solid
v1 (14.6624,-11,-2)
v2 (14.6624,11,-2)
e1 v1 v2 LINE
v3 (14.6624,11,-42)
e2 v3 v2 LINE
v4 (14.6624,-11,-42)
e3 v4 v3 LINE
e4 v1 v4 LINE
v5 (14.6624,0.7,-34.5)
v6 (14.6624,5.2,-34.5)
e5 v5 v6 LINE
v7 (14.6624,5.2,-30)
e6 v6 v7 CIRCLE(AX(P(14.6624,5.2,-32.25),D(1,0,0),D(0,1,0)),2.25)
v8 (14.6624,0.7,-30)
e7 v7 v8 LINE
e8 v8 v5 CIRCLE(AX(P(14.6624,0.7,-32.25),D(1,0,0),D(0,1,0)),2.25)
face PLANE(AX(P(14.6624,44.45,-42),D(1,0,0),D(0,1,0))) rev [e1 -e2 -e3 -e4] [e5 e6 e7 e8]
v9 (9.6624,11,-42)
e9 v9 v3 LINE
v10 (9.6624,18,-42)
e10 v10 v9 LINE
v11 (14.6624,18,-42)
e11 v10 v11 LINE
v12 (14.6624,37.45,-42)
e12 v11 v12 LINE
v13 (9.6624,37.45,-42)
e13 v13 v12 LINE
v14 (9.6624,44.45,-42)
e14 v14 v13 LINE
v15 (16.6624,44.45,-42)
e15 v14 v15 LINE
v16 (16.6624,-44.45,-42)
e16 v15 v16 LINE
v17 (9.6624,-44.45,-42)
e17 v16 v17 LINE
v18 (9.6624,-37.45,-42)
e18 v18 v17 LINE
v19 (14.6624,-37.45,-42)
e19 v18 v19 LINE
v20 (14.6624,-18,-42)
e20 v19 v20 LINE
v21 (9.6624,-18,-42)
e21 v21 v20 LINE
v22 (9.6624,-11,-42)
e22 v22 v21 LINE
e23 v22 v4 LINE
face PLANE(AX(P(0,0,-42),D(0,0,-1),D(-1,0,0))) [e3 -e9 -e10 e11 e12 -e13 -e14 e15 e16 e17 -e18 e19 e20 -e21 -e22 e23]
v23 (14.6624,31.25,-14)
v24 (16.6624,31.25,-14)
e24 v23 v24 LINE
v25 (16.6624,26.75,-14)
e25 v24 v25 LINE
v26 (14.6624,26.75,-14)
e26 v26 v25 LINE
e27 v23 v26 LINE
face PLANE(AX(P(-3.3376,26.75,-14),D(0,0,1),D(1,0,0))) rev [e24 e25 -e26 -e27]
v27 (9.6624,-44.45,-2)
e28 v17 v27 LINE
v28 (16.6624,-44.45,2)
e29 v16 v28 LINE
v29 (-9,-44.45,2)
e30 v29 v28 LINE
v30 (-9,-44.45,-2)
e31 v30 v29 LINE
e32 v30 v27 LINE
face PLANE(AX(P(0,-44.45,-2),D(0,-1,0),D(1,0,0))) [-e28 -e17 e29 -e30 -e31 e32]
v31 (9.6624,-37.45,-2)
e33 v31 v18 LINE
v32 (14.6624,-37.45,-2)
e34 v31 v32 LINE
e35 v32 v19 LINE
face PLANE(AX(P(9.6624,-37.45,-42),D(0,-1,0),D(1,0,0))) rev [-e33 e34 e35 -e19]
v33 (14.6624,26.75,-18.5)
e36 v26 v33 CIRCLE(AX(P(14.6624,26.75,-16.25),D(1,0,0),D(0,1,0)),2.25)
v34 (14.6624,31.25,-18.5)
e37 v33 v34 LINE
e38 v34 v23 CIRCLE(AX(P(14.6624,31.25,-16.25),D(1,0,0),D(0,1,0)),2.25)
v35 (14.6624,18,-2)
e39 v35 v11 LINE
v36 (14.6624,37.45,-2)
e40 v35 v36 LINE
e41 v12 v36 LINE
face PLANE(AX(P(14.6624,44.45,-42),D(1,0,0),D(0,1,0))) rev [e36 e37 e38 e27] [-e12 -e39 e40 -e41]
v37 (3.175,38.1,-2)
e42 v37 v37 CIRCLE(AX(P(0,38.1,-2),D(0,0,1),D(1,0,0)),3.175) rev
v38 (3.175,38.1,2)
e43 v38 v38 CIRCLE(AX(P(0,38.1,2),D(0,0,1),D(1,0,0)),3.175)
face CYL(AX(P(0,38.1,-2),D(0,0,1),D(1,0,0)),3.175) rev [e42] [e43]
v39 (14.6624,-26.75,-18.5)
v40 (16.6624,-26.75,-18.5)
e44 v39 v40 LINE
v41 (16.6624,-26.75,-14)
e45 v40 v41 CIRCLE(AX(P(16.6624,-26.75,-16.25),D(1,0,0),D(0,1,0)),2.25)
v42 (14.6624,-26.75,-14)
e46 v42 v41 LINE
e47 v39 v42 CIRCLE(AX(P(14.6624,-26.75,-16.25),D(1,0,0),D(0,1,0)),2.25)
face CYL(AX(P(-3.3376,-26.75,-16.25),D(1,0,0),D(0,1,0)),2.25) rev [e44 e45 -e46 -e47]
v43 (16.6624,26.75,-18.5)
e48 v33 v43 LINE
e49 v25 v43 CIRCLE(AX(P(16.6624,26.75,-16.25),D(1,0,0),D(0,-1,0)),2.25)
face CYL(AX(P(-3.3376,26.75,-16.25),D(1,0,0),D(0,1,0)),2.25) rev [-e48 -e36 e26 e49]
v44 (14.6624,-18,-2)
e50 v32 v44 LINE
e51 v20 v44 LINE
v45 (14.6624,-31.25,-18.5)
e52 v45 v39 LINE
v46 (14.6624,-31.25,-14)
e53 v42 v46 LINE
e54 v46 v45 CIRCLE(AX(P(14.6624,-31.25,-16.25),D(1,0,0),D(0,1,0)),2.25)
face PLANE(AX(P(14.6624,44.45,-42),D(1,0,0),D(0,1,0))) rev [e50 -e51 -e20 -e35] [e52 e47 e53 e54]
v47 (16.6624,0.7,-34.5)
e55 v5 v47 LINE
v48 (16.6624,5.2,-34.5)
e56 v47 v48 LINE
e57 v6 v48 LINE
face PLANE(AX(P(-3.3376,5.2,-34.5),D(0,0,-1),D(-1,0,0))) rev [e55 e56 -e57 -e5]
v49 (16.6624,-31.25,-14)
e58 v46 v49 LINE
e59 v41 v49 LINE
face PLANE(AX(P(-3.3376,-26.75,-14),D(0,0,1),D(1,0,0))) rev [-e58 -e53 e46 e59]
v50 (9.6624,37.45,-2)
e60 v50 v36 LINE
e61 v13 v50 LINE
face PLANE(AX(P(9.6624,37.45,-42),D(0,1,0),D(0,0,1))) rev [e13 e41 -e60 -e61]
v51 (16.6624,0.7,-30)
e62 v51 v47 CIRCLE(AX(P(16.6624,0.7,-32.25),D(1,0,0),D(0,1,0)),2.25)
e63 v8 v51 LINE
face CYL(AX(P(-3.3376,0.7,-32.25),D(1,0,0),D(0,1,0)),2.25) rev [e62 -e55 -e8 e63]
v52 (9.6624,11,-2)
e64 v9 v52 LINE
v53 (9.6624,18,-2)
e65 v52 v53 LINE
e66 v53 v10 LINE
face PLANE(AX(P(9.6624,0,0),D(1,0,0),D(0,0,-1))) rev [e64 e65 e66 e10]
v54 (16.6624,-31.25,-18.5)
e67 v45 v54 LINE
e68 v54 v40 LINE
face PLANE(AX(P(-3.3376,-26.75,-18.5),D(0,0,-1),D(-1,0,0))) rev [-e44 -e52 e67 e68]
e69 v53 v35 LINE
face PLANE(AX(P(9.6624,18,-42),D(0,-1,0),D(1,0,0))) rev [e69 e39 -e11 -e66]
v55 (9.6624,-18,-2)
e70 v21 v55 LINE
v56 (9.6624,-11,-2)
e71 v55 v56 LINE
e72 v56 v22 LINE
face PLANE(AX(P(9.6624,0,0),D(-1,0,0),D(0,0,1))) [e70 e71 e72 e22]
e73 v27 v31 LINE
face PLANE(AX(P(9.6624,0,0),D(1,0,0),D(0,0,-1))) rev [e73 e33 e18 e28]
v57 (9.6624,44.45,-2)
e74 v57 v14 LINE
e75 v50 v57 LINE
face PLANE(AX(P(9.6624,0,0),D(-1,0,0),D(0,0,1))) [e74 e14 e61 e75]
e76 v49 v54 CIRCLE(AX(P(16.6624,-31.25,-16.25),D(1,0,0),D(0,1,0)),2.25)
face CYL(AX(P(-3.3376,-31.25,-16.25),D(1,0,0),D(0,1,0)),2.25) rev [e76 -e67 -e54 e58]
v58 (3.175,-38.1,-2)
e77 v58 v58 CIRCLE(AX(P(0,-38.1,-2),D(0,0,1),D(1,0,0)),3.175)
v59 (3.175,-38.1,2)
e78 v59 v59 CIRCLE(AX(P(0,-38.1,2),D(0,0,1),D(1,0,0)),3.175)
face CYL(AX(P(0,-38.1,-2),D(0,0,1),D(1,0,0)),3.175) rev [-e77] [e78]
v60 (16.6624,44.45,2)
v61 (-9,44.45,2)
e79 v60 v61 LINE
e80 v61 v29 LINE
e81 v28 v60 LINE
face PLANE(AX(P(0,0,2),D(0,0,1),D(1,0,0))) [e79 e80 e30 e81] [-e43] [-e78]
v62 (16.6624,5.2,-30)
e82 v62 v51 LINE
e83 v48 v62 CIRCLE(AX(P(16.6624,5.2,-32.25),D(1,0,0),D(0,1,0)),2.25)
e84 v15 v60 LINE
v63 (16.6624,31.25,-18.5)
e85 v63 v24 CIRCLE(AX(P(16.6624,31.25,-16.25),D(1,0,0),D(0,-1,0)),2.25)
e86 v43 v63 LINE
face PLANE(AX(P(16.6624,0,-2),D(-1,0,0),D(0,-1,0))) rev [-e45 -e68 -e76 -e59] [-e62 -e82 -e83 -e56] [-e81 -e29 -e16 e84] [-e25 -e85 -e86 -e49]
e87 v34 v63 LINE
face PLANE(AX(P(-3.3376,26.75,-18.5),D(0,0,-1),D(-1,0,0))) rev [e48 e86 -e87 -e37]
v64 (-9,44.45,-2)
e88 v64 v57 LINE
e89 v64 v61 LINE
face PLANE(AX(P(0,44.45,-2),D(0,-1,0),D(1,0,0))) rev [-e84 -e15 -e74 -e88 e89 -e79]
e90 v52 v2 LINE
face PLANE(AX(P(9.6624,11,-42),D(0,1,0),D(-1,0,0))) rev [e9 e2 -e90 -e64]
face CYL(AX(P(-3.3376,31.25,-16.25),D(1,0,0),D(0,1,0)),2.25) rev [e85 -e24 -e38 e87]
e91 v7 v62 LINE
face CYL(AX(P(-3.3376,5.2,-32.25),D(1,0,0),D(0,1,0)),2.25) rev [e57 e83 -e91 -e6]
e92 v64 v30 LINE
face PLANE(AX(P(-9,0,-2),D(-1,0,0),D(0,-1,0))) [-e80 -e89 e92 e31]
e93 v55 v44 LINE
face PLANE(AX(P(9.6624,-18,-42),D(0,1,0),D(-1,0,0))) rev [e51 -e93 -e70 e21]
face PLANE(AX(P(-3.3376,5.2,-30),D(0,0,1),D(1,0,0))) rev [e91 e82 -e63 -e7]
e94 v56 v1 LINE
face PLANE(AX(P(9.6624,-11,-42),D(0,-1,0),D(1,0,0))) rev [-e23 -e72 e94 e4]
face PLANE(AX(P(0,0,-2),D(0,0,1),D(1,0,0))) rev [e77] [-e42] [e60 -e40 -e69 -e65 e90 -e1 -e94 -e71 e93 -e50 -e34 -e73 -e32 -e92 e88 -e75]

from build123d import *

# Parameters (mm, degrees)
SKETCH1_W           = 25.6624
SKETCH1_H           = 88.9
SKETCH1_R           = 3.175
BOSS_EXTRUDE1_DEPTH = 2
SKETCH2_W           = 2
SKETCH2_H           = 88.9
BOSS_EXTRUDE2_DEPTH = 40
CUT_EXTRUDE1_DEPTH  = 20
SKETCH8_W           = 40
SKETCH8_H           = 7
BOSS_EXTRUDE6_DEPTH = 5
BOSS_EXTRUDE8_START = 2
SKETCH9_W           = 25.6624
SKETCH9_H           = 88.9
SKETCH9_R           = 3.175
BOSS_EXTRUDE8_DEPTH = 2
BOSS_EXTRUDE5_START = 1
SKETCH7_W           = 25.6624
SKETCH7_H           = 88.9
SKETCH7_R           = 3.175
BOSS_EXTRUDE5_DEPTH = 1


with BuildPart() as part:
    # Sketch1 → Boss-Extrude1 (new body)
    with BuildSketch(Plane.XY):
        with Locations((3.8312, 0)):
            Rectangle(SKETCH1_W, SKETCH1_H)
        with Locations((0, -38.1)):
            Circle(SKETCH1_R, mode=Mode.SUBTRACT)
        with Locations((0, 38.1)):
            Circle(SKETCH1_R, mode=Mode.SUBTRACT)
    extrude(amount=-BOSS_EXTRUDE1_DEPTH)

    # Sketch2 → Boss-Extrude2 (add)
    with BuildSketch(Plane(origin=(0, 0, -2), x_dir=(-1, 0, 0), z_dir=(0, 0, -1))):
        with Locations((-15.6624, 0)):
            Rectangle(SKETCH2_W, SKETCH2_H)
    extrude(amount=BOSS_EXTRUDE2_DEPTH)

    # Sketch3 → Cut-Extrude1 (cut)
    with BuildSketch(Plane(origin=(16.6624, 0, 0), x_dir=(0, 0, -1), z_dir=(1, 0, 0))):
        with BuildLine():
            Line((14, -26.75), (14, -31.25))
            ThreePointArc((14, -31.25), (16.25, -33.5), (18.5, -31.25))
            Line((18.5, -31.25), (18.5, -26.75))
            ThreePointArc((18.5, -26.75), (16.25, -24.5), (14, -26.75))
        make_face()
        with BuildLine():
            Line((18.5, 26.75), (18.5, 31.25))
            ThreePointArc((18.5, 31.25), (16.25, 33.5), (14, 31.25))
            Line((14, 31.25), (14, 26.75))
            ThreePointArc((14, 26.75), (16.25, 24.5), (18.5, 26.75))
        make_face()
        with BuildLine():
            Line((30, 5.2), (30, 0.7))
            ThreePointArc((30, 0.7), (32.25, -1.55), (34.5, 0.7))
            Line((34.5, 0.7), (34.5, 5.2))
            ThreePointArc((34.5, 5.2), (32.25, 7.45), (30, 5.2))
        make_face()
    extrude(amount=-CUT_EXTRUDE1_DEPTH, mode=Mode.SUBTRACT)

    # Sketch8 → Boss-Extrude6 (add)
    with BuildSketch(Plane.ZY.offset(-14.6624)):
        with Locations((-22, -14.5)):
            Rectangle(SKETCH8_W, SKETCH8_H)
        with Locations((-22, 14.5)):
            Rectangle(SKETCH8_W, SKETCH8_H)
        with Locations((-22, 40.95)):
            Rectangle(SKETCH8_W, SKETCH8_H)
        with Locations((-22, -40.95)):
            Rectangle(SKETCH8_W, SKETCH8_H)
    extrude(amount=BOSS_EXTRUDE6_DEPTH)

    # Sketch9 → Boss-Extrude8 (add)
    with BuildSketch(Plane.XY.offset(BOSS_EXTRUDE8_START)):
        with Locations((3.8312, 0)):
            Rectangle(SKETCH9_W, SKETCH9_H)
        with Locations((0, -38.1)):
            Circle(SKETCH9_R, mode=Mode.SUBTRACT)
        with Locations((0, 38.1)):
            Circle(SKETCH9_R, mode=Mode.SUBTRACT)
    extrude(amount=-BOSS_EXTRUDE8_DEPTH)

    # Sketch7 → Boss-Extrude5 (add)
    with BuildSketch(Plane.XY.offset(BOSS_EXTRUDE5_START)):
        with Locations((3.8312, 0)):
            Rectangle(SKETCH7_W, SKETCH7_H)
        with Locations((0, -38.1)):
            Circle(SKETCH7_R, mode=Mode.SUBTRACT)
        with Locations((0, 38.1)):
            Circle(SKETCH7_R, mode=Mode.SUBTRACT)
    extrude(amount=-BOSS_EXTRUDE5_DEPTH)


solid = part.part
